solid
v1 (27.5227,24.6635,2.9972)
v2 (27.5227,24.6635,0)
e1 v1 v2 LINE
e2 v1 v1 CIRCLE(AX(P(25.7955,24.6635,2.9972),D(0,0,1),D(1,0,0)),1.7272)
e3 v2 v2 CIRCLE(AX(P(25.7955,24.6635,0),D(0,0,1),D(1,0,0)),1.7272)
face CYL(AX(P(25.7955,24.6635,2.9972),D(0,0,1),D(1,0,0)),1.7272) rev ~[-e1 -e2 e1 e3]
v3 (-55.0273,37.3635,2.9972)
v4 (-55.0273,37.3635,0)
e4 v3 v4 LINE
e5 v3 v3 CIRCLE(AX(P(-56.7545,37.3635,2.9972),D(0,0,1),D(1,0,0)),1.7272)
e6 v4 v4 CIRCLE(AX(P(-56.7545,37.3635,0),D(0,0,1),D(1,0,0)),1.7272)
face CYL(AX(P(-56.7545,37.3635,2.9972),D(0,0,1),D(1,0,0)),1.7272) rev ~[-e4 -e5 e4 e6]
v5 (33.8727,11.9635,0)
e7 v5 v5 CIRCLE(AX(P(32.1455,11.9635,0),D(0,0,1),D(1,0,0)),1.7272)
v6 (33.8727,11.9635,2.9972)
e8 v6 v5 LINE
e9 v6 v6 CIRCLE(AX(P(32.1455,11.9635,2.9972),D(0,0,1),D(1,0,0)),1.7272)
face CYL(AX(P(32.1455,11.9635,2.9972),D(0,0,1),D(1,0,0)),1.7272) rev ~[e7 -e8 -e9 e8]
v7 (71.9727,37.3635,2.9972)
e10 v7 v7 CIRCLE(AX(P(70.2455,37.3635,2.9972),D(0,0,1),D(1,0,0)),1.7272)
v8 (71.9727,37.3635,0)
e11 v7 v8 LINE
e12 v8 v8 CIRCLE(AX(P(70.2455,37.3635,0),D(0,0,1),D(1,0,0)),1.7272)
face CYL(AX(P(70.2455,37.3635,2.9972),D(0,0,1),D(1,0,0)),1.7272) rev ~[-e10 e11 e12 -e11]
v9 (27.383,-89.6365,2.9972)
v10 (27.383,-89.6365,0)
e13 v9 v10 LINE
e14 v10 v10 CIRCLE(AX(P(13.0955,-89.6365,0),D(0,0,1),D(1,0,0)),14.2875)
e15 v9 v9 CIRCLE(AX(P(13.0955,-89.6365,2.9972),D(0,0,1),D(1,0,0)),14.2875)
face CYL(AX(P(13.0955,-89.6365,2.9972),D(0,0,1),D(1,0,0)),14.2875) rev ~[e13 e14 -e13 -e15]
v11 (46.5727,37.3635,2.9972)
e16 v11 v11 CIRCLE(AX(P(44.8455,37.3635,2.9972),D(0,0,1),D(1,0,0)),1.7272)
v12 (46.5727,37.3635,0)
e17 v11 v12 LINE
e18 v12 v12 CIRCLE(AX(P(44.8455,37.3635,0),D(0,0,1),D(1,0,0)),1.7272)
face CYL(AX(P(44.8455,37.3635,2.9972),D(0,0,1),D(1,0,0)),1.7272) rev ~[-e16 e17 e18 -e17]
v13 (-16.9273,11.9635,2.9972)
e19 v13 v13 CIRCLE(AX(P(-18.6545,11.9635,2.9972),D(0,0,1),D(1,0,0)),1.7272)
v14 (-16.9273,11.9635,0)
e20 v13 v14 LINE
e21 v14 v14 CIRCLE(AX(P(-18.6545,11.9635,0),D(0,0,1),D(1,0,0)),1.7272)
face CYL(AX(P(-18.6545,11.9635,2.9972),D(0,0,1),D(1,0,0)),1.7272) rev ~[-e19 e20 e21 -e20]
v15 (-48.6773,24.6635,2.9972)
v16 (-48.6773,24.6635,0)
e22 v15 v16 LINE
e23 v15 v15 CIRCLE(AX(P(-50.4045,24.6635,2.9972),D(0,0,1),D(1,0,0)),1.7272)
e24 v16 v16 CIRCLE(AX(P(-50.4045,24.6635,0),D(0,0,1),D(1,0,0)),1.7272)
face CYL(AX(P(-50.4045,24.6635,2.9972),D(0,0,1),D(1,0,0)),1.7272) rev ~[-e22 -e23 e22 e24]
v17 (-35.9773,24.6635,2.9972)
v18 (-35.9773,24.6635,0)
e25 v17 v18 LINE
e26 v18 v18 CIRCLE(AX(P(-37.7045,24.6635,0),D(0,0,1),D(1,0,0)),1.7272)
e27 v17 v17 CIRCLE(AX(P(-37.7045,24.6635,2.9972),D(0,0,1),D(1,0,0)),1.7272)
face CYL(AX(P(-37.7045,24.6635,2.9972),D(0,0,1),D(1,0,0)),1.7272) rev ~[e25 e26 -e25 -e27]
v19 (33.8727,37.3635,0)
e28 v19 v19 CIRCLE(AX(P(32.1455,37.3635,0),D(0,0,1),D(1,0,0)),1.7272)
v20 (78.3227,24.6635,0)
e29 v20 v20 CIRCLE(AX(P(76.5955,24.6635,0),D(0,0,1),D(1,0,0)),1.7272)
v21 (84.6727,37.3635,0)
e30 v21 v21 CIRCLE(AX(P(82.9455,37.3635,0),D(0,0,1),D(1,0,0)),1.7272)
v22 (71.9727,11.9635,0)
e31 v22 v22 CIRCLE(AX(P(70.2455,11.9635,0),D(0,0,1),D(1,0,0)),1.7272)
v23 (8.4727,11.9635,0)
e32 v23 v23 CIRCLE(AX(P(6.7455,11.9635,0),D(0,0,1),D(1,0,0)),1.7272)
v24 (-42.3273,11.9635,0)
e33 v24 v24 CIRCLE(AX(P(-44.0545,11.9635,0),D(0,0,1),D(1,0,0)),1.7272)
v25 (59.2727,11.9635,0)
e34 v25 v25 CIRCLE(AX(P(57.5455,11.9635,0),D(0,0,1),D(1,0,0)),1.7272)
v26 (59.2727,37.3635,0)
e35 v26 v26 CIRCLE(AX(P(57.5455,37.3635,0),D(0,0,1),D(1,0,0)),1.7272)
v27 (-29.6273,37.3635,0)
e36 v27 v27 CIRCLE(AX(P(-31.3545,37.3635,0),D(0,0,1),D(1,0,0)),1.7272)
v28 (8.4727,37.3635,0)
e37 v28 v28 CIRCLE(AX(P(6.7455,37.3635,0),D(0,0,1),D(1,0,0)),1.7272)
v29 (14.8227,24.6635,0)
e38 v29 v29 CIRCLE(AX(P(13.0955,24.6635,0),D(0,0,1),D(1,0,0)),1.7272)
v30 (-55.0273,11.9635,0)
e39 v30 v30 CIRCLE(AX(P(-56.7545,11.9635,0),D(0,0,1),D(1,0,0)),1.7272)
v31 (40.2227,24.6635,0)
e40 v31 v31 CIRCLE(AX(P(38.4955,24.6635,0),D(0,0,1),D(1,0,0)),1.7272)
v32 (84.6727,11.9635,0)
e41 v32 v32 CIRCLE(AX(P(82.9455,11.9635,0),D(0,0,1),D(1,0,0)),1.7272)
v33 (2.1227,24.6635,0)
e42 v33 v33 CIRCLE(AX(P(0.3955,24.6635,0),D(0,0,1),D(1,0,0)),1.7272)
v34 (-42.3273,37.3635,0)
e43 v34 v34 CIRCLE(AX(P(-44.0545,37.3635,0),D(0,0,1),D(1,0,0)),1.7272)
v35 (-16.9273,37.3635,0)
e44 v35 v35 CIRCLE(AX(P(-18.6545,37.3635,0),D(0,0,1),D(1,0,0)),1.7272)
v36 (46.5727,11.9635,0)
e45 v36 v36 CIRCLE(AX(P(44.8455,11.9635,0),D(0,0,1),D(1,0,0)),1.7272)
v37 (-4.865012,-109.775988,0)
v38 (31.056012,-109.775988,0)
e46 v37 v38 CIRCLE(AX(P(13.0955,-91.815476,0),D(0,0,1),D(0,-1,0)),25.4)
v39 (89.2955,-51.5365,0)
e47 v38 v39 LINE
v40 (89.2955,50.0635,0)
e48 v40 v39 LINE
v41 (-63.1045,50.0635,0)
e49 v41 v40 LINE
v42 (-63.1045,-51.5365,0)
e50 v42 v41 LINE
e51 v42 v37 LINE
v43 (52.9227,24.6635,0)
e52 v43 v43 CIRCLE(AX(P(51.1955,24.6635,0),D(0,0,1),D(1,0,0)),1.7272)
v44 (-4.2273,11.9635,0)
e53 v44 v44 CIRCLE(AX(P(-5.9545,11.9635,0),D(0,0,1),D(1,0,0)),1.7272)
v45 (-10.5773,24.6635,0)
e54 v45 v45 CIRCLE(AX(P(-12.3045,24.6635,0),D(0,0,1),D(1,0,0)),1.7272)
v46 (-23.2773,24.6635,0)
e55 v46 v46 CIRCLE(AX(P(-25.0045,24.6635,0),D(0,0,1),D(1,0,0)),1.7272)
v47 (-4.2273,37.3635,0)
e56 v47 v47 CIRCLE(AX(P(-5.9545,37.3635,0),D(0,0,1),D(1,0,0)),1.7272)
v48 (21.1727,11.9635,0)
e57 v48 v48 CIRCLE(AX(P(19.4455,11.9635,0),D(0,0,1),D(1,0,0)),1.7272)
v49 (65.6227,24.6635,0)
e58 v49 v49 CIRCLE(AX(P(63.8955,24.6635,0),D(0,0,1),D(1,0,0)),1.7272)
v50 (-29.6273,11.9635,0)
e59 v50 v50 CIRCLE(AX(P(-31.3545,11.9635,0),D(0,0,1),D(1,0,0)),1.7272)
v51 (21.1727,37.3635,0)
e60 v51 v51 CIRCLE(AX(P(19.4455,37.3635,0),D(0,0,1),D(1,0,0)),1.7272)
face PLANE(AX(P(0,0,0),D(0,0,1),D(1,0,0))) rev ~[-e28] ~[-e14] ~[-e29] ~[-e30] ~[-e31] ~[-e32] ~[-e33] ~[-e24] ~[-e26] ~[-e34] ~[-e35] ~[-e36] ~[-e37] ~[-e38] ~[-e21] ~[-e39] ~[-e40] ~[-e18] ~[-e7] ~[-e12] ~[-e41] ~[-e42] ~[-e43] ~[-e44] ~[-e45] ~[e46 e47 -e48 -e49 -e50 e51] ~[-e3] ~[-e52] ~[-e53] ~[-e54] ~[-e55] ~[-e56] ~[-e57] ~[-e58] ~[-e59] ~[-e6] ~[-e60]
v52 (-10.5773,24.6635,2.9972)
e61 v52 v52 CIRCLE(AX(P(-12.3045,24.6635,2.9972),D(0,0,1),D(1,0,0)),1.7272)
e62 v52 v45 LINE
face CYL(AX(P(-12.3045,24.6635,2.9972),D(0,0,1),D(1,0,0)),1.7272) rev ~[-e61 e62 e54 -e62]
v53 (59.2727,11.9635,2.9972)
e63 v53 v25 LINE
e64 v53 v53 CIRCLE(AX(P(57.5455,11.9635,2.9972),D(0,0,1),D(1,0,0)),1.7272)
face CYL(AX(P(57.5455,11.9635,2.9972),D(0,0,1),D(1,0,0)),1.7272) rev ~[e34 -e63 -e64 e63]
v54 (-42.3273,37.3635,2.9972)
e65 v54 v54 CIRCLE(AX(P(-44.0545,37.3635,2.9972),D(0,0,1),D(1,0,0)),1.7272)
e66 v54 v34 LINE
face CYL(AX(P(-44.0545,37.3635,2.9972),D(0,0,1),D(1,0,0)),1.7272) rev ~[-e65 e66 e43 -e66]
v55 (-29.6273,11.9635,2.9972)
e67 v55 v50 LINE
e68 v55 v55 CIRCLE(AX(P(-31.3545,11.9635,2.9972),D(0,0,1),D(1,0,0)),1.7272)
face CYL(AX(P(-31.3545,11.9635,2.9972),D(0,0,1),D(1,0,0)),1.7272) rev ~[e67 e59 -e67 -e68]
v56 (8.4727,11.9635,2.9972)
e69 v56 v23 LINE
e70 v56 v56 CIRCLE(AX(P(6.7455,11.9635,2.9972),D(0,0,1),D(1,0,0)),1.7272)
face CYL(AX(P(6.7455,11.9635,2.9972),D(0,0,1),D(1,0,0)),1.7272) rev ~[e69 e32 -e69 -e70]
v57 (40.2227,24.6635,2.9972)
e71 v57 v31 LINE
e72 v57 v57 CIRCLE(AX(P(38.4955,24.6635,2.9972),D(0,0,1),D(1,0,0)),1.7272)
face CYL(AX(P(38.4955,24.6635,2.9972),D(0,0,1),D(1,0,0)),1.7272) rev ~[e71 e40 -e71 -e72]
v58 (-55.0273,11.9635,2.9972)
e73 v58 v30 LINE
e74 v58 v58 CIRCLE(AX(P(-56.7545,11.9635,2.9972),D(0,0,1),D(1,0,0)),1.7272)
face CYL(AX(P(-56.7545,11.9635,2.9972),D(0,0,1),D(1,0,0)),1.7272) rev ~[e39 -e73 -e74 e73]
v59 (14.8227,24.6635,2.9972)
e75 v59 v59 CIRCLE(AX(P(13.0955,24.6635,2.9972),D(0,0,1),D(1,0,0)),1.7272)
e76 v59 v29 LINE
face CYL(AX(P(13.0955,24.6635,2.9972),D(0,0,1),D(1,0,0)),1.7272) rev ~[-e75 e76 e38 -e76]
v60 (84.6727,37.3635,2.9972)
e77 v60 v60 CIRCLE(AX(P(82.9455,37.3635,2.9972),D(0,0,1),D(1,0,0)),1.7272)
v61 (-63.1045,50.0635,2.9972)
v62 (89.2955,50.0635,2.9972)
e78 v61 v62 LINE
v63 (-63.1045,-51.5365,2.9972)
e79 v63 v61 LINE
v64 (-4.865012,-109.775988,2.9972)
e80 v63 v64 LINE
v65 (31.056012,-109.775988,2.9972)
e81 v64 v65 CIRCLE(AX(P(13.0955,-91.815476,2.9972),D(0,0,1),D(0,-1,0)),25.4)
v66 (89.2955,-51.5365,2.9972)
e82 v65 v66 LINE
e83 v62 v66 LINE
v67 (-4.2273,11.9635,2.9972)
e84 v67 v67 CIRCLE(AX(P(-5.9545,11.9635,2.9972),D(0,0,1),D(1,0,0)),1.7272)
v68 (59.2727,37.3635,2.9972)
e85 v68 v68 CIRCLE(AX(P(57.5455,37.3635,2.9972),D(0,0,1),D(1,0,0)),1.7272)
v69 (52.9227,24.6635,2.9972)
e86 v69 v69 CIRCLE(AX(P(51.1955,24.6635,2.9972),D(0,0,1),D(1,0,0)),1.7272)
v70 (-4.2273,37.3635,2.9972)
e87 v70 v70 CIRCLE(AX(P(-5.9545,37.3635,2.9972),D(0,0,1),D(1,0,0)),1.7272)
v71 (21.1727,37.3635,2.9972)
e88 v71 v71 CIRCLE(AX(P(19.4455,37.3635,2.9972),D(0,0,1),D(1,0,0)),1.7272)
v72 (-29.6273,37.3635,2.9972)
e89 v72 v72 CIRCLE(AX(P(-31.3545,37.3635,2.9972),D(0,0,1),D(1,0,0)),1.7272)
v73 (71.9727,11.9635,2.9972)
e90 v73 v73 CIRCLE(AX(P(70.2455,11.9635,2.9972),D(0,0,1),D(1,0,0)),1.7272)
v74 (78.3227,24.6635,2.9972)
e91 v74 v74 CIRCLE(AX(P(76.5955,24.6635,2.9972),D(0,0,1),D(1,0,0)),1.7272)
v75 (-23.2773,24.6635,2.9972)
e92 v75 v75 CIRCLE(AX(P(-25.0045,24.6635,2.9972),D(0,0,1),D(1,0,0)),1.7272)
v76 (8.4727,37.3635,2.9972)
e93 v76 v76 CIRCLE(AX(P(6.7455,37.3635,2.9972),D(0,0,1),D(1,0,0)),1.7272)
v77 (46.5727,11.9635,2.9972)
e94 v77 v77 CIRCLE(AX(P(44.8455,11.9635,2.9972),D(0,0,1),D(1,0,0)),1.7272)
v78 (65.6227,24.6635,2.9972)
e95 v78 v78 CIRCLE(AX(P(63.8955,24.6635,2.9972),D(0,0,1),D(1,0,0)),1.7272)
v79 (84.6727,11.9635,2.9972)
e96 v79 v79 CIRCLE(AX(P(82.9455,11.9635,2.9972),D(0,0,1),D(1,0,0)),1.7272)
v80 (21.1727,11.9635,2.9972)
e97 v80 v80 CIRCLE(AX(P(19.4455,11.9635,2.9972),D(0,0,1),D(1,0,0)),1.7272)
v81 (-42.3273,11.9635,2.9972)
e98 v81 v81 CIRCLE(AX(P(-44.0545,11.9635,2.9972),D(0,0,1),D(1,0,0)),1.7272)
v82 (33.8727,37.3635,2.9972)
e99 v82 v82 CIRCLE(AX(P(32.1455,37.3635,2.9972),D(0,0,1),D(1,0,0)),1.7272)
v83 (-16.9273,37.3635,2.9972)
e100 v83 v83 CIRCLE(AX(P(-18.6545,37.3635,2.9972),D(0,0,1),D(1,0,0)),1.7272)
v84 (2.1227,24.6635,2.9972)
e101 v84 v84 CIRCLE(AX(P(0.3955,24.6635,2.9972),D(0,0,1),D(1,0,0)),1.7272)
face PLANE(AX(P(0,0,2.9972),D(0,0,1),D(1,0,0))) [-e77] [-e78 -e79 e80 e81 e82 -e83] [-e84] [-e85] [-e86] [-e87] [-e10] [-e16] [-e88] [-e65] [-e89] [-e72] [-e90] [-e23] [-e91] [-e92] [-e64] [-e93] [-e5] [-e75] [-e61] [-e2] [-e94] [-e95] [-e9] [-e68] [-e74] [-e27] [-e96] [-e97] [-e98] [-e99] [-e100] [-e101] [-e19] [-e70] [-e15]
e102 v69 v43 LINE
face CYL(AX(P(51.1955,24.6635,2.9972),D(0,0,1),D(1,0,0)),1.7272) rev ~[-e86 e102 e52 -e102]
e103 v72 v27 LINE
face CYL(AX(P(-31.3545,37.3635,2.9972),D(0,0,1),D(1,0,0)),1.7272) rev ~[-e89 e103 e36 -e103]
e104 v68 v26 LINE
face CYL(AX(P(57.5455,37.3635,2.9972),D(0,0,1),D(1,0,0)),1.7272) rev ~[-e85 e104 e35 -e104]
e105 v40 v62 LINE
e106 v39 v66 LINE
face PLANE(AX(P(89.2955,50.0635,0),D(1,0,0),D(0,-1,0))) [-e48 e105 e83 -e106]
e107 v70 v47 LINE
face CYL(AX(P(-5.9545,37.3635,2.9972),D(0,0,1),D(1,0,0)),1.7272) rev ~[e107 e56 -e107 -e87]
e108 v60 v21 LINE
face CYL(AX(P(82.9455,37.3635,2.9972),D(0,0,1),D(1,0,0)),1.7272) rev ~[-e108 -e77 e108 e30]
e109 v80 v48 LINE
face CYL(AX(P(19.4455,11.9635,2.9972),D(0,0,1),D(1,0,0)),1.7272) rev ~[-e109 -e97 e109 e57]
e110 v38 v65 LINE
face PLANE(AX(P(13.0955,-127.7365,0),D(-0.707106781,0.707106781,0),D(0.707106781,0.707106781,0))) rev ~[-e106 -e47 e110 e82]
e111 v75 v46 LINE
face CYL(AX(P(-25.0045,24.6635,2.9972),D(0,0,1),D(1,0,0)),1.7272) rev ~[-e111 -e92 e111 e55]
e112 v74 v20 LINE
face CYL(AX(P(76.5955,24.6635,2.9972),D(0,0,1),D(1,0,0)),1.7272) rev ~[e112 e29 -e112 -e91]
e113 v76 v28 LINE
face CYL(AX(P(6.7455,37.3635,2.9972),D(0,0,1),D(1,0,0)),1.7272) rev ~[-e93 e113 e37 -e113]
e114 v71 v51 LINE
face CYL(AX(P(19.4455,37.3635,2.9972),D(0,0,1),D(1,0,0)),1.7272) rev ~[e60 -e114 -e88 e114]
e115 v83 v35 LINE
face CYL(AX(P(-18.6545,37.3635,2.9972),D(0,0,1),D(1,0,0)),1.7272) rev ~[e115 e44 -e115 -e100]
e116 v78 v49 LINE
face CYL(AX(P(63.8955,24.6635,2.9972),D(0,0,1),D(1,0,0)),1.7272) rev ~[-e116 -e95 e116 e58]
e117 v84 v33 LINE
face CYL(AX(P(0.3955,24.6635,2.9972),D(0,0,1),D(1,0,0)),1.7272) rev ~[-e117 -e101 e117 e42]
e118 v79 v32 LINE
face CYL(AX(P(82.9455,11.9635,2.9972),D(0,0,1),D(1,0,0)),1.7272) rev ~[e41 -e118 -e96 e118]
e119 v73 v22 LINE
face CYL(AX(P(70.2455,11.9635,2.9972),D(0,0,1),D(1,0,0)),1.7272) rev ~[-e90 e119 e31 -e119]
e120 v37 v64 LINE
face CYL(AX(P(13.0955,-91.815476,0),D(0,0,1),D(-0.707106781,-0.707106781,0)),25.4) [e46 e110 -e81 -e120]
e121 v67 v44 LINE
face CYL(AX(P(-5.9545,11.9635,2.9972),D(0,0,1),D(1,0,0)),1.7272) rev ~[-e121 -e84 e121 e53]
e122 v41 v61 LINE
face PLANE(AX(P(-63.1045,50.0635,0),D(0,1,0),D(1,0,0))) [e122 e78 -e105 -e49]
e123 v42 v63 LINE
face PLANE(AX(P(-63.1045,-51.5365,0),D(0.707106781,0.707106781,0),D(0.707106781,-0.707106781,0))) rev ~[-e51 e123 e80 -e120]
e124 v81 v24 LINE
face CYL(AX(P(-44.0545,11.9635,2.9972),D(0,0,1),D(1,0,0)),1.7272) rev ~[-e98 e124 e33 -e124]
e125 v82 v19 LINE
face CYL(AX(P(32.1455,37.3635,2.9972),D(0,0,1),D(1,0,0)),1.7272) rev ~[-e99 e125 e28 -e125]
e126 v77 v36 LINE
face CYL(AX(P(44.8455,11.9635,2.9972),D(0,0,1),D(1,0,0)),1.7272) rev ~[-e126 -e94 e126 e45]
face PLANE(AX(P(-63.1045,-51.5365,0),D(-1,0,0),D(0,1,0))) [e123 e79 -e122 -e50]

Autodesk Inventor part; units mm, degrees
ref_plane "YZ Plane" through (0, 0, 0) normal (1, 0, 0) x (0, 1, 0)
ref_plane "XZ Plane" through (0, 0, 0) normal (0, 1, 0) x (-1, 0, 0)
ref_plane "XY Plane" through (0, 0, 0) normal (0, 0, 1) x (1, 0, 0)
sketch "Sketch1" plane through (0, 0, 0) normal (0, 0, 1) x (1, 0, 0)
  line L0 (-63.1045, 50.0635) -> (89.2955, 50.0635)
  line L1 (89.2955, 50.0635) -> (89.2955, -51.5365)
  line L2 (-63.1045, -51.5365) -> (-63.1045, 50.0635)
  line L3 (-63.1045, -51.5365) -> (13.0955, -127.7365)
  line L4 (13.0955, -127.7365) -> (89.2955, -51.5365)
  line L5 (13.0955, -127.7365) -> (13.0955, 50.0635) construction
  point P0 (0, 0)
  dimension "d0" = 152.4
  dimension "d1" = 101.6
  dimension "d2" = 76.2
extrude "Extrusion1" add sketch "Sketch1" along normal blind 2.9972
sketch "Sketch2" plane through (0, 0, 2.9972) normal (0, 0, 1) x (1, 0, 0)
  line L0 (-63.1045, 50.0635) -> (-63.1045, -51.5365) projected
  line L1 (-63.1045, 37.3635) -> (89.2955, 37.3635) construction
  line L2 (89.2955, -51.5365) -> (89.2955, 50.0635) projected
  line L3 (89.2955, 24.6635) -> (-63.1045, 24.6635) construction
  line L4 (-63.1045, 11.9635) -> (89.2955, 11.9635) construction
  line L5 (89.2955, 50.0635) -> (-63.1045, 50.0635) projected
  circle A0 centre (-56.7545, 37.3635) radius 1.7272
  circle A1 centre (-50.4045, 24.6635) radius 1.7272
  circle A2 centre (-56.7545, 11.9635) radius 1.7272
  point P0 (0, 0)
  dimension "d5" = 12.7
  dimension "d6" = 12.7
  dimension "d7" = 12.7
  dimension "d8" = 3.4544
  dimension "d9" = 6.35
  dimension "d10" = 6.35
  dimension "d11" = 12.7
extrude "Extrusion2" cut sketch "Sketch2" against normal through all contours A0 | A2
extrude "Extrusion3" cut sketch "Sketch2" against normal through all contours A1
pattern_linear "Rectangular Pattern1" count 12 spacing 12.7 along (1, 0, 0) of "Extrusion2"
pattern_linear "Rectangular Pattern2" count 11 spacing 12.7 along (1, 0, 0) of "Extrusion3"
sketch "Sketch3" plane through (0, 0, 2.9972) normal (0, 0, 1) x (1, 0, 0)
  circle A0 centre (13.0955, -89.6365) radius 14.2875
  line L0 (-63.1045, -51.5365) -> (13.0955, -127.7365) projected
  line L1 (13.0955, -89.6365) -> (13.0955, -127.7365) construction
  point P0 (0, 0)
  dimension "d22" = 28.575
  dimension "d23" = 38.1
extrude "Extrusion4" cut sketch "Sketch3" against normal through all
fillet "Fillet1" radius 25.4 1 edges at (13.0955, -127.7365, 1.4986)
properties part number "Krystal Plate" material "Polycarbonate, Clear"
